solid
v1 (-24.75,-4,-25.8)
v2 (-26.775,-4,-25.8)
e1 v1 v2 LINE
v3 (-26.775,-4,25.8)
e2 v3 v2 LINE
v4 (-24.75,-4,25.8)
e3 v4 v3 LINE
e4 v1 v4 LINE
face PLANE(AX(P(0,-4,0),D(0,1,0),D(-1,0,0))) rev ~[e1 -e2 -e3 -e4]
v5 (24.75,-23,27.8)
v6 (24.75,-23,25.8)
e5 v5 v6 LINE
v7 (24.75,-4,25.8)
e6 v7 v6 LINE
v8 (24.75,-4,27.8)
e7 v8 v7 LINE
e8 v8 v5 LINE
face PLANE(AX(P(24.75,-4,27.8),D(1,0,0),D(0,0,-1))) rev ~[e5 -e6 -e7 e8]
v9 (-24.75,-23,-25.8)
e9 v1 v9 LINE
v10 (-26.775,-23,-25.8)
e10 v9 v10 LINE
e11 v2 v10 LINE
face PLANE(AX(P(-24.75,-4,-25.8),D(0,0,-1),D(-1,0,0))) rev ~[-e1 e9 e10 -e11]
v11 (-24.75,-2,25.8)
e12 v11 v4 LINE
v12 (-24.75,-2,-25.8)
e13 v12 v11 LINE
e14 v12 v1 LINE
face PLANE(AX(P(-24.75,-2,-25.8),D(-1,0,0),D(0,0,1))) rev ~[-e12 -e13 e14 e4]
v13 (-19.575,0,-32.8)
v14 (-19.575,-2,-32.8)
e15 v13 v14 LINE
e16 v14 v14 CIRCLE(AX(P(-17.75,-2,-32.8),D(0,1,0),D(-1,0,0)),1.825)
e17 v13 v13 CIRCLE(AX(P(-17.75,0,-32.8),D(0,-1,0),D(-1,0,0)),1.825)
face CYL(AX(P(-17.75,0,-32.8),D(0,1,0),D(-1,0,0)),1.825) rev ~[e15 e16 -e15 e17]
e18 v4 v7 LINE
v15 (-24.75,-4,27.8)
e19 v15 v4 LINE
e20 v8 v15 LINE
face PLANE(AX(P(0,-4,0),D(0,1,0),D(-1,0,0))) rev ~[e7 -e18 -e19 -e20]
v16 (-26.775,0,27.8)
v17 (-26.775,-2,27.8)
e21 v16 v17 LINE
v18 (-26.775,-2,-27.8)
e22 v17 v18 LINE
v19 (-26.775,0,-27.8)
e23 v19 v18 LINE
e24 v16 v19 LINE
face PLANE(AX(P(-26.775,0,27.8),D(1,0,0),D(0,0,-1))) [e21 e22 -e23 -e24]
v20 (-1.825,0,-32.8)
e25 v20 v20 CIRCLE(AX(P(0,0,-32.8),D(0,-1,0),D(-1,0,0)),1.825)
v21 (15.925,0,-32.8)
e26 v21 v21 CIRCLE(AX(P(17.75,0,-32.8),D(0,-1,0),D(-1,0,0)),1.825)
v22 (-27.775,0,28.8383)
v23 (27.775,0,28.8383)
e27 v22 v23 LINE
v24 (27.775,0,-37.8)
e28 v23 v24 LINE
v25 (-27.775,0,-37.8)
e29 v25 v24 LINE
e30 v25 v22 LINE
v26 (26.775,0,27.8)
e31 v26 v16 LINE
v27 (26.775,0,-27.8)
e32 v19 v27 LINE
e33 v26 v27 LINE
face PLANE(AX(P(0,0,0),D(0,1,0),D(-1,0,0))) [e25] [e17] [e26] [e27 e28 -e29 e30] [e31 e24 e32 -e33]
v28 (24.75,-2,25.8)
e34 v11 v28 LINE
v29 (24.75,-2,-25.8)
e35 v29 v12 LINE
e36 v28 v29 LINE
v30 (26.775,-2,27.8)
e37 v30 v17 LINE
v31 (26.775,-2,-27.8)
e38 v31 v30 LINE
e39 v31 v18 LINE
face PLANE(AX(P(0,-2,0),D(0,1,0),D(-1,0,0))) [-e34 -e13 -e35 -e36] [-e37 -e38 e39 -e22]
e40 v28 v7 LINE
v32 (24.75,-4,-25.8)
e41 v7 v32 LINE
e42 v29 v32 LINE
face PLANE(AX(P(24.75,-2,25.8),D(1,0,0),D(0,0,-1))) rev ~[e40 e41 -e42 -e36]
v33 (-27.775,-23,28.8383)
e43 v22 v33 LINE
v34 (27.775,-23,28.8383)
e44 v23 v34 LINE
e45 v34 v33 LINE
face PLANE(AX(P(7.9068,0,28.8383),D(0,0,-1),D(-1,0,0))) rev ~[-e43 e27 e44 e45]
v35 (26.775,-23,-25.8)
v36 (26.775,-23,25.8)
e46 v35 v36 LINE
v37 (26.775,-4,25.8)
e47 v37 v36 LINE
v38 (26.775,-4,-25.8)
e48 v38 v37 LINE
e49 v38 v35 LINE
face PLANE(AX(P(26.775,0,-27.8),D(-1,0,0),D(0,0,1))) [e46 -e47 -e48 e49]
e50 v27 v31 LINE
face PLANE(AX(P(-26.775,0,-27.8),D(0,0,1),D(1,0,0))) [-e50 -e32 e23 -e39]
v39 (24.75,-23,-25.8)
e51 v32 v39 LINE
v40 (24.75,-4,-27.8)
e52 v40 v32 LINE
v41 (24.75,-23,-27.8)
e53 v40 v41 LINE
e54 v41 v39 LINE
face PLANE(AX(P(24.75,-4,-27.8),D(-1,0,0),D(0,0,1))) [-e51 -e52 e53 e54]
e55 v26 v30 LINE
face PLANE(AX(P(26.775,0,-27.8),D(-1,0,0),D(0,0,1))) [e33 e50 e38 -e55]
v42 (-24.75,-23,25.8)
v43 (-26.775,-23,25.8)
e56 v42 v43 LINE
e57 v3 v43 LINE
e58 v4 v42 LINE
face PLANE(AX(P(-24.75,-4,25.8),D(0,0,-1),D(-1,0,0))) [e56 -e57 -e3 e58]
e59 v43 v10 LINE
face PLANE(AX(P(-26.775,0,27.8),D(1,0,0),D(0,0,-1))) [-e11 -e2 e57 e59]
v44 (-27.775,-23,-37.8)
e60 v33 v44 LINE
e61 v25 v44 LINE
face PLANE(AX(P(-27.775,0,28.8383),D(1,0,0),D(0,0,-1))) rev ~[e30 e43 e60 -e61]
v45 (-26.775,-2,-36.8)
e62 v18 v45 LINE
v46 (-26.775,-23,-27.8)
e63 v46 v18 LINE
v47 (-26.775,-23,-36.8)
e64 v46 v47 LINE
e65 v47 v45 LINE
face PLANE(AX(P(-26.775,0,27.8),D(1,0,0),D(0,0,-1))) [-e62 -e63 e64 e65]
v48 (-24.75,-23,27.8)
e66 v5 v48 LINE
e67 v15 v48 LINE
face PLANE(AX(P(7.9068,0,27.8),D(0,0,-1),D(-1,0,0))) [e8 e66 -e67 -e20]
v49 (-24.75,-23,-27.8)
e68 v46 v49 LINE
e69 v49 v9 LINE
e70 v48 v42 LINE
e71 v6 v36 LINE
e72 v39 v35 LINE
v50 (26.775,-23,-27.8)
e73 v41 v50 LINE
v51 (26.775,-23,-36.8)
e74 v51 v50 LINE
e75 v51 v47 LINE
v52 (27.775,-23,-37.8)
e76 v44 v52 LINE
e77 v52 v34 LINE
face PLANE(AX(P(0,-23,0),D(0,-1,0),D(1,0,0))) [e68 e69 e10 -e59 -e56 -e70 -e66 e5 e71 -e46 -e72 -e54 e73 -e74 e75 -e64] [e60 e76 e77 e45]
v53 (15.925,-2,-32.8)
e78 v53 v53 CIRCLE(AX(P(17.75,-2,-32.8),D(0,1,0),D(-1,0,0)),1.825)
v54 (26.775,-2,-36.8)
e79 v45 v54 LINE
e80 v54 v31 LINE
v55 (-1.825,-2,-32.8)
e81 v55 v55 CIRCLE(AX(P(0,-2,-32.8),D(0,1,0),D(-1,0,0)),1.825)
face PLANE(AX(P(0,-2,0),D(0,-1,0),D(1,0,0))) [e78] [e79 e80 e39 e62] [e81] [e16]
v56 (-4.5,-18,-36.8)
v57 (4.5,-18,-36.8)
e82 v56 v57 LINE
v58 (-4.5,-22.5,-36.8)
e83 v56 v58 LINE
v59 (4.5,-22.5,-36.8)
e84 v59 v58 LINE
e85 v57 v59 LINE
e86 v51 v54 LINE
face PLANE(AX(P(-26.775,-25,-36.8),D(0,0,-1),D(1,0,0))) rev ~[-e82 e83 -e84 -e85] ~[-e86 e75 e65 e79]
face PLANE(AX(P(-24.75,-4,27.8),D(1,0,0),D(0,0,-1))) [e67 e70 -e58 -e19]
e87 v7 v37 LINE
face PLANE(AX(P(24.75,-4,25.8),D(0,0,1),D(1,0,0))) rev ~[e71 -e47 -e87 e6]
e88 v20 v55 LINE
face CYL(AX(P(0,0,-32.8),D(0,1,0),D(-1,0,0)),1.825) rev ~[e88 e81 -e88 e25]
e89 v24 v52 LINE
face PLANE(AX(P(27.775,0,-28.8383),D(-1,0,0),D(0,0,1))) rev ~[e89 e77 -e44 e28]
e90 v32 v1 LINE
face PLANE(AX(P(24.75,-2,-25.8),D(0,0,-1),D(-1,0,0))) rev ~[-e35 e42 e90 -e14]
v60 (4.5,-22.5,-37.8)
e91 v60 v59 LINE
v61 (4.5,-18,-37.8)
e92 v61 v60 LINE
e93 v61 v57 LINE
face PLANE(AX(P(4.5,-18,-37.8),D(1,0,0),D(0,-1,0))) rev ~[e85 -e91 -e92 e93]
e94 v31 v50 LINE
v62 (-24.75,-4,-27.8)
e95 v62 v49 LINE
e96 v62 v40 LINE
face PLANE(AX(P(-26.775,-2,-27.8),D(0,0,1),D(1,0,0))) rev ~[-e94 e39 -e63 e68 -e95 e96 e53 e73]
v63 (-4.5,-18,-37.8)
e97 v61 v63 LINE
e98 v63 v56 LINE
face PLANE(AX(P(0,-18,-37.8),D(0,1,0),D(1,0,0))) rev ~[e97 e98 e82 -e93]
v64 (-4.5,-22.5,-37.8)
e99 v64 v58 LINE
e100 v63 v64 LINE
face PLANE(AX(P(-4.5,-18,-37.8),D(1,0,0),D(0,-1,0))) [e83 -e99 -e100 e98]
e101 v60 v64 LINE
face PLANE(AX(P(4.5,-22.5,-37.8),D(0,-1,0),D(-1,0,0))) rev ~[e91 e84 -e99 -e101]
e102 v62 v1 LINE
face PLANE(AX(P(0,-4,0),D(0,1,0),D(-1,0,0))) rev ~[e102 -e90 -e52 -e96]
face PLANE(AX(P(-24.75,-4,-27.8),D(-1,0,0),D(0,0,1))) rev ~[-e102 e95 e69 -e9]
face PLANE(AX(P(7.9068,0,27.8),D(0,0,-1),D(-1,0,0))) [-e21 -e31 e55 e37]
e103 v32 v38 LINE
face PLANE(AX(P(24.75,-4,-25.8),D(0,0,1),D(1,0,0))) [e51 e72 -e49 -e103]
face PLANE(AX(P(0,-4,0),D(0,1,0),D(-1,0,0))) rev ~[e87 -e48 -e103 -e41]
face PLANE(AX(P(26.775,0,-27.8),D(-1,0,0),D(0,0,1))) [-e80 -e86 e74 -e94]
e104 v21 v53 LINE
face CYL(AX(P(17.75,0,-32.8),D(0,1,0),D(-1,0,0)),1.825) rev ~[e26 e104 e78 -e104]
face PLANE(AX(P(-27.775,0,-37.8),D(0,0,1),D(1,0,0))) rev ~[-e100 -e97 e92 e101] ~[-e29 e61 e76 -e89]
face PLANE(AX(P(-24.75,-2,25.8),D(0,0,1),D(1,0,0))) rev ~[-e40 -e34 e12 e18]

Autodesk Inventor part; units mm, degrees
ref_plane "YZ Plane" through (0, 0, 0) normal (1, 0, 0) x (0, 1, 0)
ref_plane "XY Plane" through (0, 0, 0) normal (0, 0, 1) x (1, 0, 0)
sketch "Sketch1" plane through (0, 0, 0) normal (0, 1, 0) x (-1, 0, 0)
  line L0 (24.775, -25.7234) -> (-24.775, -25.7234)
  line L1 (-24.775, -25.7234) -> (-24.775, 25.7234)
  line L2 (-24.775, 25.7234) -> (24.775, 25.7234)
  line L3 (24.775, 25.7234) -> (24.775, -25.7234)
  line L4 (24.775, -25.7234) -> (-24.775, 25.7234) construction
  line L5 (-24.775, -25.7234) -> (24.775, 25.7234) construction
  line L6 (26.775, -27.8) -> (-26.775, -27.8)
  line L7 (-26.775, -27.8) -> (-26.775, 27.8)
  line L8 (-26.775, 27.8) -> (26.775, 27.8)
  line L9 (26.775, 27.8) -> (26.775, -27.8)
  line L10 (26.775, -27.8) -> (-26.775, 27.8) construction
  line L11 (-26.775, -27.8) -> (26.775, 27.8) construction
  line L12 (-26.775, -17.5745) -> (-24.775, -17.5745)
  line L13 (27.775, -28.8383) -> (-27.775, -28.8383)
  line L14 (-27.775, -28.8383) -> (-27.775, 28.8383)
  line L15 (-27.775, 28.8383) -> (27.775, 28.8383)
  line L16 (27.775, 28.8383) -> (27.775, -28.8383)
  line L17 (27.775, -28.8383) -> (-27.775, 28.8383) construction
  line L18 (-27.775, -28.8383) -> (27.775, 28.8383) construction
  line L19 (-27.775, -9.8151) -> (-26.775, -9.8151)
  line L20 (-7.9068, 27.8) -> (-7.9068, 28.8383)
  line L21 (27.775, -27.8) -> (27.775, -37.8)
  line L22 (27.775, -37.8) -> (-27.775, -37.8)
  line L23 (-27.775, -37.8) -> (-27.775, -27.8)
  line L24 (27.775, -37.8) -> (27.775, -32.8)
  line L25 (27.775, -32.8) -> (-27.775, -32.8)
  line L26 (27.775, -32.8) -> (15.7648, -32.8)
  line L27 (27.775, -32.8) -> (17.75, -32.8)
  circle A0 centre (17.75, -32.8) radius 1.825
  line L28 (-27.775, -32.8) -> (-17.75, -32.8)
  circle A1 centre (-17.75, -32.8) radius 1.825
  circle A2 centre (0, -32.8) radius 1.825
  point P0 (0, 0)
  point P1 (22.7625, -32.8)
  point P2 (21.7699, -32.8)
  point P3 (-22.7625, -32.8)
  point P4 (-27.775, -28.8383)
  dimension "d0" = 53.55
  dimension "d1" = 55.6
  dimension "d2" = 2
  dimension "d3" = 1
  dimension "d4" = 10
  dimension "d6" = 55.55
  dimension "d8" = 10.025
  dimension "d9" = 3.65
  dimension "d11" = 10.025
  dimension "d12" = 3.65
  dimension "d13" = 3.65
extrude "Extrusion1" add sketch "Sketch1" against normal blind 25 contours L7 L6 L9 L8 L20 L15 L16 L13 L14 L19 | L19 L14 L15 L20 L8 L7 | L13 L21 L25 A0 A2 A1 L23 | L25 A1 A2 A0 L21 L22 L23
sketch "Sketch2" plane through (0, -25, 0) normal (0, -1, 0) x (1, 0, 0)
  line L0 (-26.775, -27.8) -> (-26.775, -36.8)
  line L1 (26.775, -27.8) -> (-26.775, -27.8) projected
  line L2 (-26.775, -36.8) -> (26.775, -36.8)
  line L3 (26.775, -36.8) -> (26.775, -27.8)
  line L4 (26.775, -27.8) -> (-26.775, -27.8)
  line L5 (-26.775, -27.8) -> (-26.775, -36.8)
  point P0 (0, 0)
  dimension "d16" = 9
extrude "Extrusion2" cut sketch "Sketch2" against normal blind 23
ref_plane "Work Plane1" through (0, -2, 0) normal (0, 1, 0) x (-1, 0, 0)
sketch "Sketch3" plane through (0, -2, 0) normal (0, 1, 0) x (-1, 0, 0)
  line L0 (26.775, -27.8) -> (-26.775, -27.8) projected
  line L1 (-26.775, -27.8) -> (-26.775, 27.8) projected
  line L2 (26.775, -27.8) -> (-26.775, -27.8)
  line L3 (-26.775, -27.8) -> (-26.775, 27.8)
  line L4 (-26.775, 27.8) -> (26.775, 27.8)
  line L5 (26.775, 27.8) -> (26.775, -27.8)
  line L6 (24.75, 25.8) -> (-24.75, 25.8)
  line L7 (-24.75, 25.8) -> (-24.75, -25.8)
  line L8 (-24.75, -25.8) -> (24.75, -25.8)
  line L9 (24.75, -25.8) -> (24.75, 25.8)
  line L10 (24.75, 25.8) -> (-24.75, -25.8) construction
  line L11 (-24.75, 25.8) -> (24.75, -25.8) construction
  point P0 (0, 0)
  dimension "d20" = 49.5
  dimension "d21" = 51.6
extrude "Extrusion3" add sketch "Sketch3" against normal blind 2
sketch "Sketch4" plane through (0, -4, 0) normal (0, -1, 0) x (1, 0, 0)
  line L0 (24.75, -25.8) -> (24.75, 25.8) projected
  line L1 (-26.775, -27.8) -> (26.775, -27.8) projected
  line L2 (24.75, -25.8) -> (26.775, -25.8)
  line L3 (26.775, -25.8) -> (26.775, -27.8)
  line L4 (26.775, -27.8) -> (24.75, -27.8)
  line L5 (24.75, -27.8) -> (24.75, -25.8)
  line L6 (24.75, 25.8) -> (-24.75, 25.8) projected
  line L7 (-26.775, 27.8) -> (26.775, 27.8) projected
  line L8 (24.75, 25.8) -> (26.775, 25.8)
  line L9 (26.775, 25.8) -> (26.775, 27.8)
  line L10 (26.775, 27.8) -> (24.75, 27.8)
  line L11 (24.75, 27.8) -> (24.75, 25.8)
  line L12 (-24.75, 25.8) -> (-26.775, 25.8)
  line L13 (-26.775, 25.8) -> (-26.775, 27.8)
  line L14 (-26.775, 27.8) -> (-24.75, 27.8)
  line L15 (-24.75, 27.8) -> (-24.75, 25.8)
  line L16 (-24.75, -25.8) -> (-24.75, 25.8) projected
  line L17 (-24.75, -25.8) -> (-26.775, -25.8)
  line L18 (-26.775, -25.8) -> (-26.775, -27.8)
  line L19 (-26.775, -27.8) -> (-24.75, -27.8)
  line L20 (-24.75, -27.8) -> (-24.75, -25.8)
  point P0 (0, 0)
extrude "Extrusion4" add sketch "Sketch4" along normal blind 21 contours L2 L3 L1 L5 | L11 L7 L9 L8 | L12 L13 L7 L15 | L1 L18 L17 L20
sketch "Sketch5" plane through (27.775, 0, -37.8) normal (0, 0, -1) x (-1, 0, 0)
  line L0 (52.525, -25) -> (3.025, -25) projected
  line L1 (0, 0) -> (55.55, 0) projected
  line L2 (27.775, -18) -> (32.275, -18)
  line L3 (27.775, -18) -> (23.275, -18)
  line L4 (23.275, -18) -> (23.275, -22.5)
  line L5 (32.275, -18) -> (32.275, -22.5)
  line L6 (23.275, -22.5) -> (32.275, -22.5)
  point P0 (27.775, 0)
  point P1 (27.775, 0)
  dimension "d29" = 4.5
  dimension "d30" = 4.5
  dimension "d34" = 4.5
  dimension "d35" = 4.5
sketch "Sketch6" plane through (0, -25, 0) normal (0, -1, 0) x (1, 0, 0)
  line L0 (-27.775, -37.8) -> (27.775, -37.8) projected
  line L1 (27.775, -37.8) -> (27.775, 28.8383) projected
  line L2 (-27.775, -37.8) -> (27.775, -37.8)
  line L3 (27.775, -37.8) -> (27.775, 28.8383)
  line L4 (27.775, 28.8383) -> (-27.775, 28.8383)
  line L5 (-27.775, 28.8383) -> (-27.775, -37.8)
  point P0 (0, 0)
extrude "Extrusion5" cut sketch "Sketch6" against normal blind 2
extrude "Extrusion6" cut sketch "Sketch5" against normal blind 2
properties part number "Mainbody2"
